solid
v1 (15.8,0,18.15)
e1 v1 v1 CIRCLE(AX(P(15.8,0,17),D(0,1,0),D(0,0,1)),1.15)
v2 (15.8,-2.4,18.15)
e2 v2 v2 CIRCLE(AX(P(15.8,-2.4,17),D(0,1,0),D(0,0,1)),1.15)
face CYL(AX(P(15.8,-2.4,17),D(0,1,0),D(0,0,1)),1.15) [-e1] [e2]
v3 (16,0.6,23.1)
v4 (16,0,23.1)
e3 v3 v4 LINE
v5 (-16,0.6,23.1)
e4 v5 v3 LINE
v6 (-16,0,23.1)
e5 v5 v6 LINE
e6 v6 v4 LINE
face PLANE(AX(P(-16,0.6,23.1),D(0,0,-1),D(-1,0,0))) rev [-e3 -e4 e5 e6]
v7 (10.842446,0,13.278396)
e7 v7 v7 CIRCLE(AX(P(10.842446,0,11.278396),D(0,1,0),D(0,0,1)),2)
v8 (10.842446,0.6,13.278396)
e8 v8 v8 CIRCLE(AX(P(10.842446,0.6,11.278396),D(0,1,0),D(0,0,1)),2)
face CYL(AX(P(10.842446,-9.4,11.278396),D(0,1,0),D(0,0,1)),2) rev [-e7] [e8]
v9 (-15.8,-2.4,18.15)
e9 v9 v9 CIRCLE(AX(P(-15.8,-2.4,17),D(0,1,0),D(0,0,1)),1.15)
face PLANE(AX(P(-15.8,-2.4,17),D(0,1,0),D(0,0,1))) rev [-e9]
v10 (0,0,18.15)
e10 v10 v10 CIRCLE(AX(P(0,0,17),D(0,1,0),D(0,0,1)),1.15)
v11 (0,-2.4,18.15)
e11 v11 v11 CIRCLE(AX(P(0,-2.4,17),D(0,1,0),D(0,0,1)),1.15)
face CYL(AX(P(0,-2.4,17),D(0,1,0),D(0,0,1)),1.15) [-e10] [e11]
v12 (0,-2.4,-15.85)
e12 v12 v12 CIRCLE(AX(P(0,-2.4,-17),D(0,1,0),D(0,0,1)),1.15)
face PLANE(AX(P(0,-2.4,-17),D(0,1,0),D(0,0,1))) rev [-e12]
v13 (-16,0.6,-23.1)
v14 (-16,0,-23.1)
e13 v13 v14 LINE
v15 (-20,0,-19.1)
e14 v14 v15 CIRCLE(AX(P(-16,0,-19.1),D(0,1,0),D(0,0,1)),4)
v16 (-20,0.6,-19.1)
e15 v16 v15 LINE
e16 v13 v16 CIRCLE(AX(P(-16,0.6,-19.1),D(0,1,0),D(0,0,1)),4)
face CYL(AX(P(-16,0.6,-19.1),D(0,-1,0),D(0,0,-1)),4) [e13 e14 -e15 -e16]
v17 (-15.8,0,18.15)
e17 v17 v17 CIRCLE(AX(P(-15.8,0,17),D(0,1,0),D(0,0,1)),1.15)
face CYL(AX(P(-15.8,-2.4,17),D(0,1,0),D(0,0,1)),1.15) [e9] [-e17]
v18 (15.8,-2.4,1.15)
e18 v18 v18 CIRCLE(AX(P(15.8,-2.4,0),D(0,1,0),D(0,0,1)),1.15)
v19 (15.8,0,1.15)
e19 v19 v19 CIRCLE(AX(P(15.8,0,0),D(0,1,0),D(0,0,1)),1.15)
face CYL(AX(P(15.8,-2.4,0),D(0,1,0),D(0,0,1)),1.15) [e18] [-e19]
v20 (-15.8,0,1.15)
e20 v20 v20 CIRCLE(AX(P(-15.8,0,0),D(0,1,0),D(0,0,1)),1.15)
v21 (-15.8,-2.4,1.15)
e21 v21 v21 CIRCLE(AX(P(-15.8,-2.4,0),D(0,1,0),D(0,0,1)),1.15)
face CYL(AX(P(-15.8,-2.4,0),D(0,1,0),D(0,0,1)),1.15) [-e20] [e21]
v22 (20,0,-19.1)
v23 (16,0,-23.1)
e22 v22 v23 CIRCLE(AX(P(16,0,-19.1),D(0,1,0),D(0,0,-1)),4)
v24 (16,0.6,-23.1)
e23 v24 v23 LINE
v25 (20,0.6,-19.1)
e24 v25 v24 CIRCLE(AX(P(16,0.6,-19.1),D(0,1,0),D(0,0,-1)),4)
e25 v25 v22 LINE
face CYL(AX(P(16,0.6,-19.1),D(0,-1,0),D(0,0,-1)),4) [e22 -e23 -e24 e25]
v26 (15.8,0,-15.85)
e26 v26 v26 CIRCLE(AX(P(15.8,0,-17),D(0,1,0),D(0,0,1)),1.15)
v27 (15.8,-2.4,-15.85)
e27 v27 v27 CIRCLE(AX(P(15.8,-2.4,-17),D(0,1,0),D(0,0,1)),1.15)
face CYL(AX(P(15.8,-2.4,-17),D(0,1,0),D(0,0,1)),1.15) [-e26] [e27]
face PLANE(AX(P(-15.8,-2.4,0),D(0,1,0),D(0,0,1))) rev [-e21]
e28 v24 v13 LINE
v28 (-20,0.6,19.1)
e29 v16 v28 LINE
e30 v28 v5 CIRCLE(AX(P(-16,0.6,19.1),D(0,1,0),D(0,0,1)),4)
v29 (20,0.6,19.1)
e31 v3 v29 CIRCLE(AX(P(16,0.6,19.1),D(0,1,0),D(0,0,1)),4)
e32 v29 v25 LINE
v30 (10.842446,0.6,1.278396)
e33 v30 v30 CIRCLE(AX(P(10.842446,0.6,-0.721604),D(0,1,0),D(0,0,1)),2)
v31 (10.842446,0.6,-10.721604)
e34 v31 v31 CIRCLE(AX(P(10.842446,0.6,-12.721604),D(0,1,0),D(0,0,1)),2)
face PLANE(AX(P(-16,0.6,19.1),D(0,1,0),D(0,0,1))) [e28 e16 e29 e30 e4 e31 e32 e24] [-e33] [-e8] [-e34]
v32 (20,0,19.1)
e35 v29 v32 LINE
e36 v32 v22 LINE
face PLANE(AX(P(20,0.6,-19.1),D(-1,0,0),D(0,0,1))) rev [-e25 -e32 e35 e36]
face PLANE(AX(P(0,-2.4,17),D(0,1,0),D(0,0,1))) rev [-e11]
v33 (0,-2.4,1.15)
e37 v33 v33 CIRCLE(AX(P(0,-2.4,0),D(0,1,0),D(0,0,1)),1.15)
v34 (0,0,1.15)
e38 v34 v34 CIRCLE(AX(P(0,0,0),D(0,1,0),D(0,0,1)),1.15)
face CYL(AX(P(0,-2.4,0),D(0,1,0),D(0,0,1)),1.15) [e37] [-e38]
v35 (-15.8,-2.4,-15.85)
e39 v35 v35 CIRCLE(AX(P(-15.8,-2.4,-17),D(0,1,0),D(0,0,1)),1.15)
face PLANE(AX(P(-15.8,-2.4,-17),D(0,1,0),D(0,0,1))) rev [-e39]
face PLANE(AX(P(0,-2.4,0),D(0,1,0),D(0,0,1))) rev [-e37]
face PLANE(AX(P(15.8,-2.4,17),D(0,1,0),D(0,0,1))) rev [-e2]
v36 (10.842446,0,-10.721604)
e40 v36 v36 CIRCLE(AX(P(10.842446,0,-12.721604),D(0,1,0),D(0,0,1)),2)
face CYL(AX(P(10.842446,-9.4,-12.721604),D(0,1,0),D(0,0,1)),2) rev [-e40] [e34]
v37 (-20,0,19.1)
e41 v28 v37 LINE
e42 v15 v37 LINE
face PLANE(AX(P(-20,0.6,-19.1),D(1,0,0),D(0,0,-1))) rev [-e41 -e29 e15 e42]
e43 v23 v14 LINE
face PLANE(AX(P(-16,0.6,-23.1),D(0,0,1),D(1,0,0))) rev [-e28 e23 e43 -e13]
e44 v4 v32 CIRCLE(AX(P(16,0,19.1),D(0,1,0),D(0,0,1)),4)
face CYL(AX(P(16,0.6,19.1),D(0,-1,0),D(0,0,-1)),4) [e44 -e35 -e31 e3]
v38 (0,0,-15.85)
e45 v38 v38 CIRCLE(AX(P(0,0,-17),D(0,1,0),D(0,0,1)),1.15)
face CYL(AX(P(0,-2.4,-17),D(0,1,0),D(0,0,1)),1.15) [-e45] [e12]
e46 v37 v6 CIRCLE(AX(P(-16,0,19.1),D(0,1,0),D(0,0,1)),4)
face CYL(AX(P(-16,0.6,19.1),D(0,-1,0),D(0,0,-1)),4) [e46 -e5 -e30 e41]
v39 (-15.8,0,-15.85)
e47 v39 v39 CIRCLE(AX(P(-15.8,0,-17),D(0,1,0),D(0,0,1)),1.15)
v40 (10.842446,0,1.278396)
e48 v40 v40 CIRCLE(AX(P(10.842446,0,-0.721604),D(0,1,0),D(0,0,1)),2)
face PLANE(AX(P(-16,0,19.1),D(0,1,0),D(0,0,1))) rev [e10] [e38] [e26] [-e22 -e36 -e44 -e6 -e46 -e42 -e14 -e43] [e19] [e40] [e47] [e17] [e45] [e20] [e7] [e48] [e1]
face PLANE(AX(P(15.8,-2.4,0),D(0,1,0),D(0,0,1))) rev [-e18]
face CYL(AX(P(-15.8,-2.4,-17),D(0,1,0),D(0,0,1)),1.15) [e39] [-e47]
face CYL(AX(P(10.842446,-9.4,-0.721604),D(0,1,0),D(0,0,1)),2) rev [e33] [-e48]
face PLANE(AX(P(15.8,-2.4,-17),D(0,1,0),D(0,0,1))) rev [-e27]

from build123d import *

# Parameters (mm, degrees)
BOSS_EXTRUDE1_DEPTH = 0.6
SKETCH3_R           = 2
CUT_EXTRUDE1_DEPTH  = 10
SKETCH4_R           = 1.15
BOSS_EXTRUDE3_DEPTH = 3


with BuildPart() as part:
    # Sketch2 → Boss-Extrude1 (new body)
    with BuildSketch(Plane(origin=(0, 0, 0), x_dir=(1, 0, 0), z_dir=(0, 1, 0))):
        with BuildLine():
            Line((-16, 23.1), (16, 23.1))
            ThreePointArc((16, 23.1), (18.828427125, 21.928427125), (20, 19.1))
            Line((20, 19.1), (20, -19.1))
            ThreePointArc((20, -19.1), (18.828427125, -21.928427125), (16, -23.1))
            Line((16, -23.1), (-16, -23.1))
            ThreePointArc((-16, -23.1), (-18.828427125, -21.928427125), (-20, -19.1))
            Line((-20, -19.1), (-20, 19.1))
            ThreePointArc((-20, 19.1), (-18.828427125, 21.928427125), (-16, 23.1))
        make_face()
    extrude(amount=BOSS_EXTRUDE1_DEPTH)

    # Sketch3 → Cut-Extrude1 (cut)
    with BuildSketch(Plane(origin=(0, 0.6, 0), x_dir=(1, 0, 0), z_dir=(0, 1, 0))):
        with Locations(Location((10.84244602, -11.278395934, 0), (0, 0, 270))):
            Circle(SKETCH3_R)
        with Locations(Location((10.84244602, 0.721604066, 0), (0, 0, 270))):
            Circle(SKETCH3_R)
        with Locations(Location((10.84244602, 12.721604066, 0), (0, 0, 270))):
            Circle(SKETCH3_R)
    extrude(amount=-CUT_EXTRUDE1_DEPTH, mode=Mode.SUBTRACT)

    # Sketch4 → Boss-Extrude3 (add)
    with BuildSketch(Plane(origin=(0, 0.6, 0), x_dir=(1, 0, 0), z_dir=(0, 1, 0))):
        with Locations(Location((15.8, 17, 0), (0, 0, 270))):
            Circle(SKETCH4_R)
        with Locations(Location((0, 17, 0), (0, 0, 270))):
            Circle(SKETCH4_R)
        with Locations(Location((-15.8, 17, 0), (0, 0, 270))):
            Circle(SKETCH4_R)
        with Locations(Location((0, 0, 0), (0, 0, 270))):
            Circle(SKETCH4_R)
        with Locations(Location((-15.8, 0, 0), (0, 0, 270))):
            Circle(SKETCH4_R)
        with Locations(Location((0, -17, 0), (0, 0, 270))):
            Circle(SKETCH4_R)
        with Locations(Location((-15.8, -17, 0), (0, 0, 270))):
            Circle(SKETCH4_R)
        with Locations(Location((15.8, 0, 0), (0, 0, 270))):
            Circle(SKETCH4_R)
        with Locations(Location((15.8, -17, 0), (0, 0, 270))):
            Circle(SKETCH4_R)
    extrude(amount=-BOSS_EXTRUDE3_DEPTH)


solid = part.part
